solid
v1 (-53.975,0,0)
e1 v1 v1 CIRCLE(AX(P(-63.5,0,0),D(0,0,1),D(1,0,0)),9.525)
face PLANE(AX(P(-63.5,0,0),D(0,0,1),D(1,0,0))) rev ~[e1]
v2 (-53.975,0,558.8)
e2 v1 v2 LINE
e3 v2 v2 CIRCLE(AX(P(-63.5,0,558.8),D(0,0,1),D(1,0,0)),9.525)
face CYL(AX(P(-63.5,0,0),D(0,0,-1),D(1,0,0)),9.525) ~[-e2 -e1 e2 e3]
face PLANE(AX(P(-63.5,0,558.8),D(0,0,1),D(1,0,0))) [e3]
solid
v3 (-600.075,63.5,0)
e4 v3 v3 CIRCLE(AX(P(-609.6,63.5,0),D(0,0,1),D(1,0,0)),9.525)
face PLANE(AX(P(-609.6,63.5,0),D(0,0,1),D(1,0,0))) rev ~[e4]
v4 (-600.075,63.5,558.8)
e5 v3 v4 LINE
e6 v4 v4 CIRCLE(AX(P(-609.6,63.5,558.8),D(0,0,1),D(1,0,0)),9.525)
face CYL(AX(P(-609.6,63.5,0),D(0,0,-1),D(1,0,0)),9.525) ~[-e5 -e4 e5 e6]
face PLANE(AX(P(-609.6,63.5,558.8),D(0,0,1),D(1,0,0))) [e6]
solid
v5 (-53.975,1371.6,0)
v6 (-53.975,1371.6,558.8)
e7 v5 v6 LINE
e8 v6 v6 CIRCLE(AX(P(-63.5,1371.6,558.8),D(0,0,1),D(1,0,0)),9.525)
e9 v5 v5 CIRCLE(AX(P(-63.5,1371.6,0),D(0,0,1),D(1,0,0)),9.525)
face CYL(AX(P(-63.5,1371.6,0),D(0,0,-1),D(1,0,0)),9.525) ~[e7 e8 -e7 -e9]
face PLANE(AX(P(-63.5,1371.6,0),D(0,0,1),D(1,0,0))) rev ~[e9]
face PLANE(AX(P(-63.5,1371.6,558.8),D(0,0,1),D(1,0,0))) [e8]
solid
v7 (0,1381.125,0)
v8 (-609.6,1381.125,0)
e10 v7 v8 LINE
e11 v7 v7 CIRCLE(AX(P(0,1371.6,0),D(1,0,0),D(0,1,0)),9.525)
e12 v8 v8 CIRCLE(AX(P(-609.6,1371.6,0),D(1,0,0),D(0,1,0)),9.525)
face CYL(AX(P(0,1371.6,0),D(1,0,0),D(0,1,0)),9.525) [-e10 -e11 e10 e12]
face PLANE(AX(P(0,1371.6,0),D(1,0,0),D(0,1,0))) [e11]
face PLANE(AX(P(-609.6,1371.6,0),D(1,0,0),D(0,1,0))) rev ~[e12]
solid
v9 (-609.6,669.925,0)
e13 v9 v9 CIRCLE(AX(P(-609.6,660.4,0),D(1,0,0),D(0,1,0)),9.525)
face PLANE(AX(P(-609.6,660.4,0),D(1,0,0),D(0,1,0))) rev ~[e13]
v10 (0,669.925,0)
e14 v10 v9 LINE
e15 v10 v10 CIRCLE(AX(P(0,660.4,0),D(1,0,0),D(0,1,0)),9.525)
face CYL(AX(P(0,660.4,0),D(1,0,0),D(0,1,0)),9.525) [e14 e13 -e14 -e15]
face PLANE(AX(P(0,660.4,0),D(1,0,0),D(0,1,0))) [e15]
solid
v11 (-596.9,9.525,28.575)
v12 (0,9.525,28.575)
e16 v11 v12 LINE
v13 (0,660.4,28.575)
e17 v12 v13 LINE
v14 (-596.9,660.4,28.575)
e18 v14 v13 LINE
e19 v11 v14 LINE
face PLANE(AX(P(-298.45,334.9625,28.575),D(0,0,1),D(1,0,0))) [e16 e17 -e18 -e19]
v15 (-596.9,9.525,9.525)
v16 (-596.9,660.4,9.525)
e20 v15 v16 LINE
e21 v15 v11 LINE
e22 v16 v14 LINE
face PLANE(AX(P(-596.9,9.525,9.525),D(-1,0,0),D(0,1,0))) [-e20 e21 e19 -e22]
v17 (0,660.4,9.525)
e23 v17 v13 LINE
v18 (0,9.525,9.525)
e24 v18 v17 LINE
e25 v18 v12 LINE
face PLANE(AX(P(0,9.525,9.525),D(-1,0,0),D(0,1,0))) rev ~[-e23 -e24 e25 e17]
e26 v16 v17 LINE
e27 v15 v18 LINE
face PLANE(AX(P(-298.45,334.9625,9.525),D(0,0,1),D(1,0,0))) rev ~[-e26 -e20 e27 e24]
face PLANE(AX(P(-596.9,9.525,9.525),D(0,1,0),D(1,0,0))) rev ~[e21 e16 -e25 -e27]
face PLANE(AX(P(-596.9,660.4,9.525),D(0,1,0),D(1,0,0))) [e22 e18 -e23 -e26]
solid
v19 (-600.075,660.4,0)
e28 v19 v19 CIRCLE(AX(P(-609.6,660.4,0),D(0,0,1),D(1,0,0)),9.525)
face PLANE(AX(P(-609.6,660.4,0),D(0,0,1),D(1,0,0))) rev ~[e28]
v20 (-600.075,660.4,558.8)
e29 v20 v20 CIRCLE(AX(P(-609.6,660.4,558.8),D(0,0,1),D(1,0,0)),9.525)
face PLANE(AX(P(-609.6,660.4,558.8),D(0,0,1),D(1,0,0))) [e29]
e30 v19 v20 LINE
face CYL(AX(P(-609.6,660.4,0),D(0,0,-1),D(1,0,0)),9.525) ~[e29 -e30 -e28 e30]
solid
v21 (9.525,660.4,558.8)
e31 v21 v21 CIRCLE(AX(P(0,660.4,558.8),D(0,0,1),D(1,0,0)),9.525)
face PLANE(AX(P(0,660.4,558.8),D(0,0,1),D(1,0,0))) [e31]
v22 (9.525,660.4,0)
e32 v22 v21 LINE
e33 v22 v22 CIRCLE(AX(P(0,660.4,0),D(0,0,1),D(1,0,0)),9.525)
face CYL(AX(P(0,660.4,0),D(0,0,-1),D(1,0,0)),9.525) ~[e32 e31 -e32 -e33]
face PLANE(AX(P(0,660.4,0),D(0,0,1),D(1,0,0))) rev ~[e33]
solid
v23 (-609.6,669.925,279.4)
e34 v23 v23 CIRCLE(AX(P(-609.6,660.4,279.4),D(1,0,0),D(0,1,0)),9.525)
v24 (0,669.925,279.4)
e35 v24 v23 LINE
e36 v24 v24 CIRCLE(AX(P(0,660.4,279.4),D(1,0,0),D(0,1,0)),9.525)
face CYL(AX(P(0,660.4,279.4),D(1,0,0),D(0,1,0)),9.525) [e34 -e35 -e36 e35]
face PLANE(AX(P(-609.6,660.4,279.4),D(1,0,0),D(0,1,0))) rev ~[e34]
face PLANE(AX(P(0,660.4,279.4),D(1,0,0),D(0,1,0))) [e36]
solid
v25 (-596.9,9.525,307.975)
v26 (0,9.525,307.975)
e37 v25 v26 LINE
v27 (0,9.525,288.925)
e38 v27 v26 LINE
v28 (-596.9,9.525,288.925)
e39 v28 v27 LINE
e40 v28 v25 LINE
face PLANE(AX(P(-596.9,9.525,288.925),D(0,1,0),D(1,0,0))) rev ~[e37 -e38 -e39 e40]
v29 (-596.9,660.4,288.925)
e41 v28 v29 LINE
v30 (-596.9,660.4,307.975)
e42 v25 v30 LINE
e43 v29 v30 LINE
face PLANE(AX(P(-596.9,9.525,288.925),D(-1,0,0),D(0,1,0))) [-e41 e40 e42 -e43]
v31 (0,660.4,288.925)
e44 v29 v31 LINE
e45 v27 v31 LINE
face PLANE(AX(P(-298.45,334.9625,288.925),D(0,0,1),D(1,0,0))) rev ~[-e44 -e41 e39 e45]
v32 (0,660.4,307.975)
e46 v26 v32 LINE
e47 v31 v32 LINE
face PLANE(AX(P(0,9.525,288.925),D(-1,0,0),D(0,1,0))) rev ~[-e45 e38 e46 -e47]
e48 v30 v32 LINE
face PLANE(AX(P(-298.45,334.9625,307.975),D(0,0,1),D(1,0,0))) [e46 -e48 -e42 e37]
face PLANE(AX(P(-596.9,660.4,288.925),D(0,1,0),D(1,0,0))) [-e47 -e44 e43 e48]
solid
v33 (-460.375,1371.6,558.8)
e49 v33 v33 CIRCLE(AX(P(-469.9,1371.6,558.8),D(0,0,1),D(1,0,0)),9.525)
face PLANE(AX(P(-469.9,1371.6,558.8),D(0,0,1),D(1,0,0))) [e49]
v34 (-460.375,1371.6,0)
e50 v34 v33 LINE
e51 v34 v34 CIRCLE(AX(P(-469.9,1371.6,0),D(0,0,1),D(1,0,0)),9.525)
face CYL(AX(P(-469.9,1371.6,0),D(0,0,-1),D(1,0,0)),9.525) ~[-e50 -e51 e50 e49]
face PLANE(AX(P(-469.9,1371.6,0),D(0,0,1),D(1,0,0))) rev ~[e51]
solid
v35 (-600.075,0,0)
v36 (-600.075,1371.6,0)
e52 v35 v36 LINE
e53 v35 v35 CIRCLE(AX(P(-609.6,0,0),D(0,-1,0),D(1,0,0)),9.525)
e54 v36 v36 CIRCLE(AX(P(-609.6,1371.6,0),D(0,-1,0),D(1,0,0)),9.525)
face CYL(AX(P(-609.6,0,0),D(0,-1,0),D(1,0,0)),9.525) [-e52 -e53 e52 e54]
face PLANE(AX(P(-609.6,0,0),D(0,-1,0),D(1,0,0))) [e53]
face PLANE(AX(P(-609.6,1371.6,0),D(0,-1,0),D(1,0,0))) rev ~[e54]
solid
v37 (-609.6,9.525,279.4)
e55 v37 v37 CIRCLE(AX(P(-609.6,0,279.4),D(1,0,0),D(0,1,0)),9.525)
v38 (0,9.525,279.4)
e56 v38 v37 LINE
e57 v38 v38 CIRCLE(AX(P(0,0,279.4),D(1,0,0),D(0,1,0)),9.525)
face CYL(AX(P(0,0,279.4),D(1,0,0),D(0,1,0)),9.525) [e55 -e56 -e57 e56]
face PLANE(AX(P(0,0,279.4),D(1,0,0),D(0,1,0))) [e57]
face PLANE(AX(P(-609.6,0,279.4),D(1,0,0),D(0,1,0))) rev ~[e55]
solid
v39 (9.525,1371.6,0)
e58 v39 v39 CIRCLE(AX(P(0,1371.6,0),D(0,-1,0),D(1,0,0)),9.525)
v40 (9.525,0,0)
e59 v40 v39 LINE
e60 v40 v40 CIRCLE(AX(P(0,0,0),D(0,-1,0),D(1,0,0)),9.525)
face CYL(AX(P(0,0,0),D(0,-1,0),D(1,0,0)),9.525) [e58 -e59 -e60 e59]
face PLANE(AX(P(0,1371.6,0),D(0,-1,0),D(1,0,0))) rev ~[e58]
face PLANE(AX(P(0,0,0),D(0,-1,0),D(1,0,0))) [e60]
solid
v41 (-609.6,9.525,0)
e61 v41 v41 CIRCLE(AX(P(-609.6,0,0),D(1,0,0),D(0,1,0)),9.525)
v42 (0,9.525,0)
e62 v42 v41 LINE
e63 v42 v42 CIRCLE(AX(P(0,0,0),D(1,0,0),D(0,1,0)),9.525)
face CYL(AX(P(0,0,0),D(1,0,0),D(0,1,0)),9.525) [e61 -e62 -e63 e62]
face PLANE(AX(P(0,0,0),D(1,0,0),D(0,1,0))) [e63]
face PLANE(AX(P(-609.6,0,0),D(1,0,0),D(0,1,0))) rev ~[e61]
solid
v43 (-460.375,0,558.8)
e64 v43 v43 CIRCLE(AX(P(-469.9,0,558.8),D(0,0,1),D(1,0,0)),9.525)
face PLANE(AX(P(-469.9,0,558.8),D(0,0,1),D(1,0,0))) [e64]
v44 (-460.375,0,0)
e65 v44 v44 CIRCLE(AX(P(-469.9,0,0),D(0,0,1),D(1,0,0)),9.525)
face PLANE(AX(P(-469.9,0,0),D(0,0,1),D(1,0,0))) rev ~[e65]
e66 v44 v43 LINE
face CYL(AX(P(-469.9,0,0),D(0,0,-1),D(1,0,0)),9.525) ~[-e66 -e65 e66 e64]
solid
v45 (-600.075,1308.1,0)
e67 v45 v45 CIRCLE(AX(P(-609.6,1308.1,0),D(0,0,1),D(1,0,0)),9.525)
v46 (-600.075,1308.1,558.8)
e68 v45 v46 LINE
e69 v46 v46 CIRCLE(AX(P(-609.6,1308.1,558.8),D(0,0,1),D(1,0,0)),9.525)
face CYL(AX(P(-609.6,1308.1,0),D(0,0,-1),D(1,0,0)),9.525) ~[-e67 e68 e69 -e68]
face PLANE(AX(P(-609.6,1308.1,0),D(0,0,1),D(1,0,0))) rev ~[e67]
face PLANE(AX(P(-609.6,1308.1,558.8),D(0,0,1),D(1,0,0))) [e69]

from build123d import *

# Parameters (mm, degrees)
F0_R      = 9.525
F1_DEPTH  = 1371.6
F2_R      = 9.525
F3_DEPTH  = 609.6
F4_R      = 9.525
F5_DEPTH  = 558.8
F6_R      = 9.525
F7_DEPTH  = 609.6
F9_W      = 596.9
F9_H      = 650.875
F10_DEPTH = 19.05
F12_W     = 596.9
F12_H     = 650.875
F13_DEPTH = 19.05


with BuildPart() as f1:
    # F0 (on Front) → F1 (new body)
    with BuildSketch(Plane.XZ):
        Circle(F0_R)
        with Locations((-609.6, 0)):
            Circle(F0_R)
    extrude(amount=-F1_DEPTH)


with BuildPart() as f3:
    # F2 (on Right) → F3 (new body)
    with BuildSketch(Plane.YZ):
        Circle(F2_R)
        with Locations((1371.6, 0)):
            Circle(F2_R)
    extrude(amount=-F3_DEPTH)


with BuildPart() as f5:
    # F4 (on Top) → F5 (new body)
    with BuildSketch(Plane.XY):
        with Locations((-63.5, 0)):
            Circle(F4_R)
        with Locations((-469.9, 0)):
            Circle(F4_R)
        with Locations((-609.6, 63.5)):
            Circle(F4_R)
        with Locations((-609.6, 1308.1)):
            Circle(F4_R)
        with Locations((-469.9, 1371.6)):
            Circle(F4_R)
        with Locations((-63.5, 1371.6)):
            Circle(F4_R)
        with Locations((-609.6, 660.4)):
            Circle(F4_R)
        with Locations((0, 660.4)):
            Circle(F4_R)
    extrude(amount=F5_DEPTH)


with BuildPart() as f7:
    # F6 (on Right) → F7 (new body)
    with BuildSketch(Plane.YZ):
        with Locations((660.4, 0)):
            Circle(F6_R)
        with Locations((660.4, 279.4)):
            Circle(F6_R)
        with Locations((0, 279.4)):
            Circle(F6_R)
    extrude(amount=-F7_DEPTH)


with BuildPart() as f10:
    # F9 (on offset) → F10 (new body)
    with BuildSketch(Plane.XY.offset(9.525)):
        with Locations((-298.45, 334.9625)):
            Rectangle(F9_W, F9_H)
    extrude(amount=F10_DEPTH)


with BuildPart() as f13:
    # F12 (on offset) → F13 (new body)
    with BuildSketch(Plane.XY.offset(288.925)):
        with Locations((-298.45, 334.9625)):
            Rectangle(F12_W, F12_H)
    extrude(amount=F13_DEPTH)


solid = Compound([f1.part, f3.part, f5.part, f7.part, f10.part, f13.part])
